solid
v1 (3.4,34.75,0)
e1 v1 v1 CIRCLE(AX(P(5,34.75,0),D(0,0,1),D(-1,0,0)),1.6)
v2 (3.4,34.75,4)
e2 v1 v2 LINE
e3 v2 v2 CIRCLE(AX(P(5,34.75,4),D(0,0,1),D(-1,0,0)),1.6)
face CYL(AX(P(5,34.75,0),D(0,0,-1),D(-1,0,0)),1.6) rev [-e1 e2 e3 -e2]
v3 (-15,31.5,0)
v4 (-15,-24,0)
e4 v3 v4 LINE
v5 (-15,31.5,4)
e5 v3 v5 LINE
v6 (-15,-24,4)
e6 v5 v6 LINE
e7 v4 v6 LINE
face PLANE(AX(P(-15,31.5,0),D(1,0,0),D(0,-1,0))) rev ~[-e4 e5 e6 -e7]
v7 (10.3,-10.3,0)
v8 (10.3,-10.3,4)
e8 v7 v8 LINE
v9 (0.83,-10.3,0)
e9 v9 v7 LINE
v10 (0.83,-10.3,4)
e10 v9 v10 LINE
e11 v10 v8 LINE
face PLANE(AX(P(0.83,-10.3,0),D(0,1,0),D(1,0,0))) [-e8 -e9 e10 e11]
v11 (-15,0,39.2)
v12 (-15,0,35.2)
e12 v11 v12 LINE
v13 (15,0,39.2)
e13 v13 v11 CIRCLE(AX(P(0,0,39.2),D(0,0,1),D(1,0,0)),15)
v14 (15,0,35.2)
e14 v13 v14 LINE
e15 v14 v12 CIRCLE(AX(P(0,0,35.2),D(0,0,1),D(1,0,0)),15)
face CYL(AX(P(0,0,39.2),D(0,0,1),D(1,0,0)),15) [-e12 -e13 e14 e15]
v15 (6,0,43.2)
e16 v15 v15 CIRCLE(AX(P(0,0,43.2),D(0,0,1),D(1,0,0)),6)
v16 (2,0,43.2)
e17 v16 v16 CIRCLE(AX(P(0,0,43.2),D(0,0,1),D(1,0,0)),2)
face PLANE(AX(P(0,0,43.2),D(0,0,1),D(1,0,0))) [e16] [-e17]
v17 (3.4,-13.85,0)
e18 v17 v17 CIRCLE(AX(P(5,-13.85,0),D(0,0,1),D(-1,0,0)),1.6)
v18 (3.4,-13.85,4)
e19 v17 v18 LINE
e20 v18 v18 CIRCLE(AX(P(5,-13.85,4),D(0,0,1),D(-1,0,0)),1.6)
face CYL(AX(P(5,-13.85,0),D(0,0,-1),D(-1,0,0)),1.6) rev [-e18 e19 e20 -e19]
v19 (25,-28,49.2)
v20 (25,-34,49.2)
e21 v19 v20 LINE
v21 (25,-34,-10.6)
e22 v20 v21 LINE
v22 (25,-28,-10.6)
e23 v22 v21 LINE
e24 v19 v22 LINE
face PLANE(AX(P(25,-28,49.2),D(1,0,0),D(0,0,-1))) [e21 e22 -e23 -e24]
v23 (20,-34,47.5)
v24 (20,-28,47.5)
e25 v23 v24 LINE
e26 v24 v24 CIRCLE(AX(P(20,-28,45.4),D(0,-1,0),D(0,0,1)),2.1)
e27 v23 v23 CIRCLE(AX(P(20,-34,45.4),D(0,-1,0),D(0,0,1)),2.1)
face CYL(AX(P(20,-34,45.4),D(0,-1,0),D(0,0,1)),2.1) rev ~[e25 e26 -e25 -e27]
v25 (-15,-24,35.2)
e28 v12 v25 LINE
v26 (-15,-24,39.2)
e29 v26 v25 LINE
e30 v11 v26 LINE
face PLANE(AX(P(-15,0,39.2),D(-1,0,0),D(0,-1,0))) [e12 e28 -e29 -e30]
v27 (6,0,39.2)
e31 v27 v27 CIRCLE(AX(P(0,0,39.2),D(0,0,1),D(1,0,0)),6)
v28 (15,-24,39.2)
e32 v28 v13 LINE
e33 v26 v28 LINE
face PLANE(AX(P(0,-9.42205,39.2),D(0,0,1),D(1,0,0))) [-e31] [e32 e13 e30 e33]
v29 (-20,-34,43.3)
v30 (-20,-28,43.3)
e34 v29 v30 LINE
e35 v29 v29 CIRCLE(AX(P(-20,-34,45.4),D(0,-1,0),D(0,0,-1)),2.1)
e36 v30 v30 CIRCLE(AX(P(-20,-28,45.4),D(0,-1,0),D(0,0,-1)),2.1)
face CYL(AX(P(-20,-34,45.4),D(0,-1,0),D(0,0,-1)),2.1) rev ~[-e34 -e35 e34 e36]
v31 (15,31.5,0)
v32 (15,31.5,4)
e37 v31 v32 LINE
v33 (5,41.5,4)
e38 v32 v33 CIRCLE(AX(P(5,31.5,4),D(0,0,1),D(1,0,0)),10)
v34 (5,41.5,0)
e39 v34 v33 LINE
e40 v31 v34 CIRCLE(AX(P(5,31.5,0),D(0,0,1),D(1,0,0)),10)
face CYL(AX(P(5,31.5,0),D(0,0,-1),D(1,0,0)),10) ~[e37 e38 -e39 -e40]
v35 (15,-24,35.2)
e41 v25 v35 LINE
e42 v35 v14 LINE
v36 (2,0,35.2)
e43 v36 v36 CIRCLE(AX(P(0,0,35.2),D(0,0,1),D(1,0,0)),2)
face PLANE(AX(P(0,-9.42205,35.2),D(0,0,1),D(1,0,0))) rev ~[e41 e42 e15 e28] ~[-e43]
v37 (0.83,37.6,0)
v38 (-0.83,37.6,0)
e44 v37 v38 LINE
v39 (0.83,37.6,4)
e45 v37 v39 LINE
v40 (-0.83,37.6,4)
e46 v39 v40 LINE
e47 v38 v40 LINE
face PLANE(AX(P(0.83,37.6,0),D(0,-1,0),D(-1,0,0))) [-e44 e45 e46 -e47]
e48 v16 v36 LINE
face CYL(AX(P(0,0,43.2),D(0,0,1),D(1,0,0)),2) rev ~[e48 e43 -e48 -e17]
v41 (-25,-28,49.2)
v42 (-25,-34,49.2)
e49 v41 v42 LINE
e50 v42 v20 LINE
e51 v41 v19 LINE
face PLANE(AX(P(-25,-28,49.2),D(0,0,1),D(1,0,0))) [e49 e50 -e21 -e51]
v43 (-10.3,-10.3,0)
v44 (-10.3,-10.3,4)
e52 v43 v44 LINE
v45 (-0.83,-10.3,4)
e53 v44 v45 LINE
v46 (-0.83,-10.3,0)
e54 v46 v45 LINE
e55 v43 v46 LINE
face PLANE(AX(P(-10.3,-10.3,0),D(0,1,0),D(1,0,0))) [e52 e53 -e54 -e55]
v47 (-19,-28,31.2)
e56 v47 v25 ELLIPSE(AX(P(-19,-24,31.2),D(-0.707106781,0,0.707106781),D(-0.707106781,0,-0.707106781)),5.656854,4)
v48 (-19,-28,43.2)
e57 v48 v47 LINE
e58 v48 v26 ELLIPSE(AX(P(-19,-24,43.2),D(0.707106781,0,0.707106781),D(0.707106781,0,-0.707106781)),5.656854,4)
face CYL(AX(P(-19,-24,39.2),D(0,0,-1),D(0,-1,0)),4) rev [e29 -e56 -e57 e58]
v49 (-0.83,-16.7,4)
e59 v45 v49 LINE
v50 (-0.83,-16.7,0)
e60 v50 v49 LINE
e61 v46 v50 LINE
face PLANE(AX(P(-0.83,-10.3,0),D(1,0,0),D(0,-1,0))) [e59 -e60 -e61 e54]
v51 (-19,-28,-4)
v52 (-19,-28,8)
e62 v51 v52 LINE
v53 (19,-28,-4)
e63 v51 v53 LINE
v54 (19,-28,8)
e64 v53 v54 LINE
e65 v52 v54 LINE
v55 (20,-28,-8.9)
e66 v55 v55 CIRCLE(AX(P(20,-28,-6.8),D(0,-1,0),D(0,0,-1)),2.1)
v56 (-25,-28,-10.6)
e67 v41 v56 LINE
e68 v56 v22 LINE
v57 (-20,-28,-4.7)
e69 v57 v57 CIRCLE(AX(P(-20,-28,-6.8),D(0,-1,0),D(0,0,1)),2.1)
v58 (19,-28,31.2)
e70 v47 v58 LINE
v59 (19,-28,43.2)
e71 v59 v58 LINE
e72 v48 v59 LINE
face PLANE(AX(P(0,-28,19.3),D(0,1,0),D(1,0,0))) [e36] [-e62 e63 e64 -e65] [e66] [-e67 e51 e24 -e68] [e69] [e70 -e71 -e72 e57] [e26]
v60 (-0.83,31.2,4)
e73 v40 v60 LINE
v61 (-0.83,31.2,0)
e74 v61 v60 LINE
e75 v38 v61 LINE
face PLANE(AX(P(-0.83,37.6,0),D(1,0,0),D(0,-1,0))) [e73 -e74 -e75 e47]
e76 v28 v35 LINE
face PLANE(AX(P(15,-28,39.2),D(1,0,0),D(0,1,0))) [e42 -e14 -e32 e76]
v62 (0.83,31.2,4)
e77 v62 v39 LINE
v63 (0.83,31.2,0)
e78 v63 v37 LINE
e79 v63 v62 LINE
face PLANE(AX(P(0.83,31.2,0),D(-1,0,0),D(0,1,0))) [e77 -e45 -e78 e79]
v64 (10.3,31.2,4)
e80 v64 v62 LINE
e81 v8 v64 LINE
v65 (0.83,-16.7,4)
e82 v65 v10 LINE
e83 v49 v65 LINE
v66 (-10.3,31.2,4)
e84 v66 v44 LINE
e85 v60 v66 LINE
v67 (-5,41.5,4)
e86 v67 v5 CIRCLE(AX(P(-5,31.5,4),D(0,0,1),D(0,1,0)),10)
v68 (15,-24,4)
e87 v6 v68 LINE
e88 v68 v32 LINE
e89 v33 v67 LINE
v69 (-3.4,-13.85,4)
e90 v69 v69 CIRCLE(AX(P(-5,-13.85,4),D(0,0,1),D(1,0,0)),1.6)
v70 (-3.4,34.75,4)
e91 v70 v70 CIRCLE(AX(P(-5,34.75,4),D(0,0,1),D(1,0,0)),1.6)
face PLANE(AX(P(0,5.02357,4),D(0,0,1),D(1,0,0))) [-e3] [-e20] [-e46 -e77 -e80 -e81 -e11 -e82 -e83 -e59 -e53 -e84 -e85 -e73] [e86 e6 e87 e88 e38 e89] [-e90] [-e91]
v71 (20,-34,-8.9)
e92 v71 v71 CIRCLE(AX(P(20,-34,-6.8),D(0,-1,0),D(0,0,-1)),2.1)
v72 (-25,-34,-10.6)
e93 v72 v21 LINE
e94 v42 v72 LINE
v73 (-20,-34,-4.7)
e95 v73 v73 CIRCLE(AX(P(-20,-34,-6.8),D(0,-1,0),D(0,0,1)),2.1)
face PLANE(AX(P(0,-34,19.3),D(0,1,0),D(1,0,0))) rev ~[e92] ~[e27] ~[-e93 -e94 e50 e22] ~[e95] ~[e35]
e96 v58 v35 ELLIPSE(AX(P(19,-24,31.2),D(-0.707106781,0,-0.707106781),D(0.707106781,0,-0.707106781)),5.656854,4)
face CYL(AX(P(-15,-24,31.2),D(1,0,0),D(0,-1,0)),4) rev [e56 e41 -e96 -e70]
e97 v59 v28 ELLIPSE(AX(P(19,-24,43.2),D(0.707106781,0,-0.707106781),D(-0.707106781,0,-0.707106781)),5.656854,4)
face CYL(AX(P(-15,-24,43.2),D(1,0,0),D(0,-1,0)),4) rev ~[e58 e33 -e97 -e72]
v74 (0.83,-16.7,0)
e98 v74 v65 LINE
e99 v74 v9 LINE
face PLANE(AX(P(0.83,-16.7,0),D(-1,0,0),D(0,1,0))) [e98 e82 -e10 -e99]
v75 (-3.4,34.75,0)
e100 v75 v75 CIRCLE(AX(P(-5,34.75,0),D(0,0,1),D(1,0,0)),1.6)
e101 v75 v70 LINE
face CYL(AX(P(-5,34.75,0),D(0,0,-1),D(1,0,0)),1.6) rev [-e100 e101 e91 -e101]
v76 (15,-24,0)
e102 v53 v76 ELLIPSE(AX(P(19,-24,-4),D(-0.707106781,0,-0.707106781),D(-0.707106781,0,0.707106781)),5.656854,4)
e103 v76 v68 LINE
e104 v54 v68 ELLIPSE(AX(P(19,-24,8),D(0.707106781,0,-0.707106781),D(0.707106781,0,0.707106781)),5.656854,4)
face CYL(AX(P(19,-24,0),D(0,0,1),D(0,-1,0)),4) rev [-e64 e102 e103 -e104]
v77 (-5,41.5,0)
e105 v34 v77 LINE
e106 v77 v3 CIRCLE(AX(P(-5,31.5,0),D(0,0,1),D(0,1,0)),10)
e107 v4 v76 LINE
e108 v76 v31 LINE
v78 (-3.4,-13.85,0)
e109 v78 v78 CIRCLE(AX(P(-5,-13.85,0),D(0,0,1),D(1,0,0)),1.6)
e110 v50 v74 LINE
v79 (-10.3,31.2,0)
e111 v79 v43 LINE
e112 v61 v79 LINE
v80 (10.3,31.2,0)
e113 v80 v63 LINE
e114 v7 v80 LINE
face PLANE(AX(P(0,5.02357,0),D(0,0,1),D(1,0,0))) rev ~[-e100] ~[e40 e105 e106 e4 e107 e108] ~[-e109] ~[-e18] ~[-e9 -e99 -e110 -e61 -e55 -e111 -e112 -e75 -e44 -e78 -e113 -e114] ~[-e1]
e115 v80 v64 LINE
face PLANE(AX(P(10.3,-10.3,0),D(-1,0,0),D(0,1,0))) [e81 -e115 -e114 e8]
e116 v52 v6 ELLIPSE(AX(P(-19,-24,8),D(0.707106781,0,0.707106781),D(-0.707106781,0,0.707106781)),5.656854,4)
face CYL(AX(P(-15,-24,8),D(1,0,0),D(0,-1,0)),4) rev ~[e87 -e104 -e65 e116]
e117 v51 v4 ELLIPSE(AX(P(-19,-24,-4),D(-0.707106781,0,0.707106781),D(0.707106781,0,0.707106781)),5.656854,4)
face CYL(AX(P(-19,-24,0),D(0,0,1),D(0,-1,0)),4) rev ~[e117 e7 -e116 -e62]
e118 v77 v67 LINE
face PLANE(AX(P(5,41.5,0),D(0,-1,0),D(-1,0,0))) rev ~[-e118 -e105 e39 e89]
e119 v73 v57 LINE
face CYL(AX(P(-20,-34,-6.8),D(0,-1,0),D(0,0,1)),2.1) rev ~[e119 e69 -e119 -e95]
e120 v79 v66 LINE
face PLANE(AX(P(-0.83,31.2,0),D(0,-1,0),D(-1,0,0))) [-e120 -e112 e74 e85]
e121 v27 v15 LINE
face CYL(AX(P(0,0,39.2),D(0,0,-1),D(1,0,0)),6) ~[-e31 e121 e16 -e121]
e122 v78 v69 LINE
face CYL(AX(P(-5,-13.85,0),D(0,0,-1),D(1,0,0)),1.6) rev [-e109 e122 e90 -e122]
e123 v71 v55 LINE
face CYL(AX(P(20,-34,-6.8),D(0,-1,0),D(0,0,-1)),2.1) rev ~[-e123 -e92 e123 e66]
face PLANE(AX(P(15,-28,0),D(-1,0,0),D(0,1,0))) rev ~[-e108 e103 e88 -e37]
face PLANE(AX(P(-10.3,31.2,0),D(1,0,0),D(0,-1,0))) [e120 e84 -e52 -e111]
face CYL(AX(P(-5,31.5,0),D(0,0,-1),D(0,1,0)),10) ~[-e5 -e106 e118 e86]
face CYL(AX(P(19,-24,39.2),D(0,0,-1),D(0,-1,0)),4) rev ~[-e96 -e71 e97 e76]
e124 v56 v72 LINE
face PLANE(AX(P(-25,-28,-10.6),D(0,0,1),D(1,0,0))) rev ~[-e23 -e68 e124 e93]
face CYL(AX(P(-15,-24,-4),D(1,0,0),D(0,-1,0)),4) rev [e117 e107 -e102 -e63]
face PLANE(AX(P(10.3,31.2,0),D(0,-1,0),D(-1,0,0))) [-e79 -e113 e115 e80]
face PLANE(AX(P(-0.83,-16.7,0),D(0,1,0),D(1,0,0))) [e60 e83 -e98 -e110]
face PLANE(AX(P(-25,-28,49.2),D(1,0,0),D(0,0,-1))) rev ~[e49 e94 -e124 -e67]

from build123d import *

# Parameters (mm, degrees)
SKETCH1_R           = 1.6
BOSS_EXTRUDE1_DEPTH = 4
BOSS_EXTRUDE2_DEPTH = 4
SKETCH3_R           = 6
BOSS_EXTRUDE3_DEPTH = 4
SKETCH4_R           = 2
CUT_EXTRUDE1_DEPTH  = 62.753461441
SKETCH5_W           = 50
SKETCH5_H           = 59.8
BOSS_EXTRUDE4_DEPTH = 6
SKETCH6_R           = 2.1
CUT_EXTRUDE2_DEPTH  = 6
FILLET1_R           = 4


with BuildPart() as part:
    # Sketch1 → Boss-Extrude1 (new body)
    with BuildSketch(Plane.XY):
        with BuildLine():
            Line((-15, -28), (15, -28))
            Line((15, -28), (15, 31.5))
            ThreePointArc((15, 31.5), (12.071067812, 38.571067812), (5, 41.5))
            Line((5, 41.5), (-5, 41.5))
            ThreePointArc((-5, 41.5), (-12.071067812, 38.571067812), (-15, 31.5))
            Line((-15, 31.5), (-15, -28))
        make_face()
        with Locations((-5, 34.75)):
            Circle(SKETCH1_R, mode=Mode.SUBTRACT)
        with Locations((-5, -13.85)):
            Circle(SKETCH1_R, mode=Mode.SUBTRACT)
        with Locations(Location((5, 34.75, 0), (0, 0, 180))):
            Circle(SKETCH1_R, mode=Mode.SUBTRACT)
        with Locations(Location((5, -13.85, 0), (0, 0, 180))):
            Circle(SKETCH1_R, mode=Mode.SUBTRACT)
        Polygon((-10.3, -10.3), (-0.83, -10.3), (-0.83, -16.7), (0.83, -16.7), (0.83, -10.3), (10.3, -10.3), (10.3, 31.2), (0.83, 31.2), (0.83, 37.6), (-0.83, 37.6), (-0.83, 31.2), (-10.3, 31.2), align=None, mode=Mode.SUBTRACT)
    extrude(amount=BOSS_EXTRUDE1_DEPTH)



with BuildPart() as body_2:
    # Sketch2 → Boss-Extrude2 (new body)
    with BuildSketch(Plane.XY.offset(39.2)):
        with BuildLine():
            Line((-15, -28), (15, -28))
            Line((15, -28), (15, 0))
            ThreePointArc((15, 0), (0, 15), (-15, 0))
            Line((-15, 0), (-15, -28))
        make_face()
    extrude(amount=-BOSS_EXTRUDE2_DEPTH)

    # Sketch3 → Boss-Extrude3 (add)
    with BuildSketch(Plane.XY.offset(39.2)):
        Circle(SKETCH3_R)
    extrude(amount=BOSS_EXTRUDE3_DEPTH)

    # Sketch4 → Cut-Extrude1 (cut, through all)
    with BuildSketch(Plane.XY.offset(43.2)):
        Circle(SKETCH4_R)
    extrude(amount=-CUT_EXTRUDE1_DEPTH, mode=Mode.SUBTRACT)


with BuildPart() as part_1:
    add(part.part)

    add(body_2.part)  # Boss-Extrude4 merges body 2
    # Sketch5 → Boss-Extrude4 (add)
    with BuildSketch(Plane(origin=(0, -28, 0), x_dir=(1, 0, 0), z_dir=(0, 1, 0))):
        with Locations((0, -19.3)):
            Rectangle(SKETCH5_W, SKETCH5_H)
    extrude(amount=-BOSS_EXTRUDE4_DEPTH)

    # Sketch6 → Cut-Extrude2 (cut)
    with BuildSketch(Plane.XZ.offset(34)):
        with Locations(Location((-20, 45.4, 0), (0, 0, 270))):
            Circle(SKETCH6_R)
        with Locations(Location((20, 45.4, 0), (0, 0, 90))):
            Circle(SKETCH6_R)
        with Locations(Location((20, -6.8, 0), (0, 0, 270))):
            Circle(SKETCH6_R)
        with Locations(Location((-20, -6.8, 0), (0, 0, 90))):
            Circle(SKETCH6_R)
    extrude(amount=-CUT_EXTRUDE2_DEPTH, mode=Mode.SUBTRACT)

    # Fillet1
    fillet1_edges = [part_1.edges().sort_by_distance(p)[0] for p in [
        (15, -28, 2),
        (-15, -28, 2),
        (0, -28, 0),
        (-15, -28, 37.2),
        (0, -28, 35.2),
        (15, -28, 37.2),
        (0, -28, 39.2),
        (0, -28, 4),
    ]]
    fillet(fillet1_edges, radius=FILLET1_R)


solid = part_1.part
